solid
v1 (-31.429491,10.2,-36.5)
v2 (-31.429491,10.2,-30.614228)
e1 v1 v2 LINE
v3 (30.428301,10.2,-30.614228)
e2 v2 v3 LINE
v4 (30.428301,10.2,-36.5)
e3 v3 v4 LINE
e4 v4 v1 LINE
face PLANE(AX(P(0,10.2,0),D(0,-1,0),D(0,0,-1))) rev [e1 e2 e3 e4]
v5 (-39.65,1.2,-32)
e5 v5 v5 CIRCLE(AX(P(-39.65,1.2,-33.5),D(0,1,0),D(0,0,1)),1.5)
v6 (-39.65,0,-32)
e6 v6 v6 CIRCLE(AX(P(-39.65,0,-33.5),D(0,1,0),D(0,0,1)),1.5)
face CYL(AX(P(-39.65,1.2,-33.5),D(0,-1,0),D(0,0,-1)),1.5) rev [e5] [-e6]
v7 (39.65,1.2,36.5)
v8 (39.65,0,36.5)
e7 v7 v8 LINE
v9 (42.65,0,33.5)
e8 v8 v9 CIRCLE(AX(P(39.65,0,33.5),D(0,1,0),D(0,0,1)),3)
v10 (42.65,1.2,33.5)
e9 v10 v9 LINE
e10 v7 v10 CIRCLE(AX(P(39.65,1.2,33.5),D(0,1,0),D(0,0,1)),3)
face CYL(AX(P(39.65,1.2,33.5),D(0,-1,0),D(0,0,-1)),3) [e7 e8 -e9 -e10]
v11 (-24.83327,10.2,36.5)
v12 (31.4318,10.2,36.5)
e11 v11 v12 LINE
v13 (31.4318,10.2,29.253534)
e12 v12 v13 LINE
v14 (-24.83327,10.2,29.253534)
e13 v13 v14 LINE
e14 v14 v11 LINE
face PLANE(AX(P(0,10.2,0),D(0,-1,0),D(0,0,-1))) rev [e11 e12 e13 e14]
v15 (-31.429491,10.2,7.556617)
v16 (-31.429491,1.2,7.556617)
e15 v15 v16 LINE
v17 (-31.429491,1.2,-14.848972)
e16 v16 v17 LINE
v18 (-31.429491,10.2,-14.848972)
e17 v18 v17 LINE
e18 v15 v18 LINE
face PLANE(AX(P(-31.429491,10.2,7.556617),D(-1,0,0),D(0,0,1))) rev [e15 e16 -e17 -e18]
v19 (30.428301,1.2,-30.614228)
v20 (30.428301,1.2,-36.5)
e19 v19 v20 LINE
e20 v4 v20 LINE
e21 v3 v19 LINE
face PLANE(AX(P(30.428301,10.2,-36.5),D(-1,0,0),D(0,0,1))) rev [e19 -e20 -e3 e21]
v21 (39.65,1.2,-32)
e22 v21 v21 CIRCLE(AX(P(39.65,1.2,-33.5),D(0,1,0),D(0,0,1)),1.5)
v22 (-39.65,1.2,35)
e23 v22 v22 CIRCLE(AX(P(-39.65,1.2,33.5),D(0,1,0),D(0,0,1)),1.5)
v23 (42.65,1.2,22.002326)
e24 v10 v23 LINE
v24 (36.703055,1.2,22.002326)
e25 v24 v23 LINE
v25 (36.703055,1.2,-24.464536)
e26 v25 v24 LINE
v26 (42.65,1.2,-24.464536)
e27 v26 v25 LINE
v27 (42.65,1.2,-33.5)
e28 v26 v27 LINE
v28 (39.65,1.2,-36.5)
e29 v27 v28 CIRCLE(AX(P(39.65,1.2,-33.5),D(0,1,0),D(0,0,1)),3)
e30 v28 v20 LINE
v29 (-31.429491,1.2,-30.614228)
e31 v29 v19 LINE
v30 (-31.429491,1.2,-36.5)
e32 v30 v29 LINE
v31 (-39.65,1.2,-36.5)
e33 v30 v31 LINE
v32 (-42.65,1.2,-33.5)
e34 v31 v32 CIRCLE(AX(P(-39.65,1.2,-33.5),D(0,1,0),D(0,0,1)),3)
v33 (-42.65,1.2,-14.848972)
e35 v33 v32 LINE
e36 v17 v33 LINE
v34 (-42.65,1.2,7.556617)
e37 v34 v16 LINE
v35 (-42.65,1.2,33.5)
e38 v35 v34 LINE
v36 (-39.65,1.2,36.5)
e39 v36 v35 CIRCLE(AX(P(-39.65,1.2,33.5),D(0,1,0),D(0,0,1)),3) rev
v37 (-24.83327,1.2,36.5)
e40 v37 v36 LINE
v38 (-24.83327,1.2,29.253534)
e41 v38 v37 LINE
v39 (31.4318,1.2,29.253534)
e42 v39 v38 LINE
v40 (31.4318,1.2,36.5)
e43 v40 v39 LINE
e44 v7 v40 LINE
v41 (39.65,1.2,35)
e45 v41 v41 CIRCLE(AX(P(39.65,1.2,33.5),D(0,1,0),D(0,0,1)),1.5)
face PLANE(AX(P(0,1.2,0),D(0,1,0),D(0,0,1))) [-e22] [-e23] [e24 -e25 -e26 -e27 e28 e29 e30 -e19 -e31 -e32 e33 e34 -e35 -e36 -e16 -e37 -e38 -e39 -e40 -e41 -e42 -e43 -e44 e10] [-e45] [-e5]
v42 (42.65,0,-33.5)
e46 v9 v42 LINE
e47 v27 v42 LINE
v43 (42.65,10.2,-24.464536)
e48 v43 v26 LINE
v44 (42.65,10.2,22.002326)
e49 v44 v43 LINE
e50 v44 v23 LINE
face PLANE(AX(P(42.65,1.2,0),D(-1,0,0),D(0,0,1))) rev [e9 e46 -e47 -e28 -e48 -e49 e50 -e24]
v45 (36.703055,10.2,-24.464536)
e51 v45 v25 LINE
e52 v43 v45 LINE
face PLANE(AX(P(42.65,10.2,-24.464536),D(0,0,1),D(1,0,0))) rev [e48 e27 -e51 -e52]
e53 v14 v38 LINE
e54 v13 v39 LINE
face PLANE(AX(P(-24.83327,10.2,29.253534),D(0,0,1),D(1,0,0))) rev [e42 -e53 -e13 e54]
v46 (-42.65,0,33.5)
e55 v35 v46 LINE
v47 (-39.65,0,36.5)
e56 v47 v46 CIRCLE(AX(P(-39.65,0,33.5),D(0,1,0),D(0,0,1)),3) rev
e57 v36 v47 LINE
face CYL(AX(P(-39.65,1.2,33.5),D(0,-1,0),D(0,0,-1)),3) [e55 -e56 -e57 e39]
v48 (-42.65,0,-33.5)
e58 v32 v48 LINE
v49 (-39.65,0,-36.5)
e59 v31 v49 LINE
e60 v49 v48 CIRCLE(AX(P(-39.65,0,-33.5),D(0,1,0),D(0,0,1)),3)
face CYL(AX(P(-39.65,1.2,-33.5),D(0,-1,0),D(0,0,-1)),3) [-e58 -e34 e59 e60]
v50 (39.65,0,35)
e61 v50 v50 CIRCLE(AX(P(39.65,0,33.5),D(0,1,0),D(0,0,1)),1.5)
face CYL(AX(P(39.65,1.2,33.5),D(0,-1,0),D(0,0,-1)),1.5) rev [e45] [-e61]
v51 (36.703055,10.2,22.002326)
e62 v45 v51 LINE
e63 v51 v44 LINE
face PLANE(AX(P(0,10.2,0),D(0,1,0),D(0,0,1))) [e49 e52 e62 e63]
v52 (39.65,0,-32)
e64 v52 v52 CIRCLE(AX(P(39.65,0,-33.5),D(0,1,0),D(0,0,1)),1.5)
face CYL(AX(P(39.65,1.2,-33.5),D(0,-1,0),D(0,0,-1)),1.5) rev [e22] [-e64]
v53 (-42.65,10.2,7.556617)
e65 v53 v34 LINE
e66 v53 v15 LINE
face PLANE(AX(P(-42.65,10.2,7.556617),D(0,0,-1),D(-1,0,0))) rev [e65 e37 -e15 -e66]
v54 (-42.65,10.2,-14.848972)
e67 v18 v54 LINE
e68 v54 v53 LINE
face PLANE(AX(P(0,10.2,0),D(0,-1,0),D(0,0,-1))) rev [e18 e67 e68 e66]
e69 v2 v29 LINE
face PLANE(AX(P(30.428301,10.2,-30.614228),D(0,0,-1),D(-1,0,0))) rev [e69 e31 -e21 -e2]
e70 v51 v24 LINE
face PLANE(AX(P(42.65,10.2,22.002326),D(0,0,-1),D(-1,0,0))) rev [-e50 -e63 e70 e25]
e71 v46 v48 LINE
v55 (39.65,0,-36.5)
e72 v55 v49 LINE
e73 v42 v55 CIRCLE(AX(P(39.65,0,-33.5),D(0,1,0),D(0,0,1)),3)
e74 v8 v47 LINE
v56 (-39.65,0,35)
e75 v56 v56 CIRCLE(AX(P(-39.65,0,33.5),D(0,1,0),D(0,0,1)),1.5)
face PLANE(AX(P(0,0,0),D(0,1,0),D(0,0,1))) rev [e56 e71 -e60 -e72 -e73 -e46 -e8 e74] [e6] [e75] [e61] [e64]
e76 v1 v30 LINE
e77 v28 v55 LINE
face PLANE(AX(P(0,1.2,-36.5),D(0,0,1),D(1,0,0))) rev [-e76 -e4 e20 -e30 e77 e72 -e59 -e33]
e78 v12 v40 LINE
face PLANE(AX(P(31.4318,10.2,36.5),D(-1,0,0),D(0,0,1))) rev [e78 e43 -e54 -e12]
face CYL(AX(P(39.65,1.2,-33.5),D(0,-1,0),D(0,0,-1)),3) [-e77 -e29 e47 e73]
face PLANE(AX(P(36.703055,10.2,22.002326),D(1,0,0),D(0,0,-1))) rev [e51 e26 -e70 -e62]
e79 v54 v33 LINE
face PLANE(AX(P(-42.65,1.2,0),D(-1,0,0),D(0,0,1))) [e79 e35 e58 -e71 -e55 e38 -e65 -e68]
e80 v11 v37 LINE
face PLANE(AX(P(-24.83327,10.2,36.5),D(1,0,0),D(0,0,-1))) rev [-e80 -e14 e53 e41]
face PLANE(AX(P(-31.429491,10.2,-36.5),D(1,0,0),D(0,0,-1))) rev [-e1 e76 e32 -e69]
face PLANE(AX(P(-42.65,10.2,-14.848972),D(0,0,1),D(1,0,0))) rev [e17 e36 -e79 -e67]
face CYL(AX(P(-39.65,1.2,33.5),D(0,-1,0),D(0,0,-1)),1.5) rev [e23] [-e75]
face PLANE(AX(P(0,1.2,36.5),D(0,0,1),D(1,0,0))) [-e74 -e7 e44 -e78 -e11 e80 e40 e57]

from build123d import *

# Parameters (mm, degrees)
SKETCH_1_R      = 1.5
EXTRUDE_1_DEPTH = 1.2
SKETCH_2_W      = 56.26507056
SKETCH_2_H      = 7.246466171
SKETCH_2_W_2    = 5.94694539
SKETCH_2_H_2    = 46.466862472
SKETCH_2_W_3    = 61.857792897
SKETCH_2_H_3    = 5.88577246
SKETCH_2_W_4    = 11.220508583
SKETCH_2_H_4    = 22.405589271
EXTRUDE_2_DEPTH = 9


with BuildPart() as part:
    # 草图1 → 凸台-拉伸1 (new body)
    with BuildSketch(Plane(origin=(0, 0, 0), x_dir=(1, 0, 0), z_dir=(0, 1, 0))):
        with BuildLine():
            Line((39.65, 36.5), (-39.65, 36.5))
            ThreePointArc((-39.65, 36.5), (-41.771320344, 35.621320344), (-42.65, 33.5))
            Line((-42.65, 33.5), (-42.65, -33.5))
            ThreePointArc((-42.65, -33.5), (-41.771320344, -35.621320344), (-39.65, -36.5))
            Line((-39.65, -36.5), (39.65, -36.5))
            ThreePointArc((39.65, -36.5), (41.771320344, -35.621320344), (42.65, -33.5))
            Line((42.65, -33.5), (42.65, 33.5))
            ThreePointArc((42.65, 33.5), (41.771320344, 35.621320344), (39.65, 36.5))
        make_face()
        with Locations(Location((39.65, -33.5, 0), (0, 0, 270))):
            Circle(SKETCH_1_R, mode=Mode.SUBTRACT)
        with Locations(Location((-39.65, -33.5, 0), (0, 0, 270))):
            Circle(SKETCH_1_R, mode=Mode.SUBTRACT)
        with Locations(Location((-39.65, 33.5, 0), (0, 0, 270))):
            Circle(SKETCH_1_R, mode=Mode.SUBTRACT)
        with Locations(Location((39.65, 33.5, 0), (0, 0, 270))):
            Circle(SKETCH_1_R, mode=Mode.SUBTRACT)
    extrude(amount=EXTRUDE_1_DEPTH)

    # 草图2 → 凸台-拉伸2 (add)
    with BuildSketch(Plane(origin=(0, 1.2, 0), x_dir=(1, 0, 0), z_dir=(0, 1, 0))):
        with Locations((3.299265125, -32.876766915)):
            Rectangle(SKETCH_2_W, SKETCH_2_H)
        with Locations((39.676527305, 1.231104757)):
            Rectangle(SKETCH_2_W_2, SKETCH_2_H_2)
        with Locations((-0.500594968, 33.55711377)):
            Rectangle(SKETCH_2_W_3, SKETCH_2_H_3)
        with Locations((-37.039745709, 3.646177151)):
            Rectangle(SKETCH_2_W_4, SKETCH_2_H_4)
    extrude(amount=EXTRUDE_2_DEPTH)


solid = part.part
